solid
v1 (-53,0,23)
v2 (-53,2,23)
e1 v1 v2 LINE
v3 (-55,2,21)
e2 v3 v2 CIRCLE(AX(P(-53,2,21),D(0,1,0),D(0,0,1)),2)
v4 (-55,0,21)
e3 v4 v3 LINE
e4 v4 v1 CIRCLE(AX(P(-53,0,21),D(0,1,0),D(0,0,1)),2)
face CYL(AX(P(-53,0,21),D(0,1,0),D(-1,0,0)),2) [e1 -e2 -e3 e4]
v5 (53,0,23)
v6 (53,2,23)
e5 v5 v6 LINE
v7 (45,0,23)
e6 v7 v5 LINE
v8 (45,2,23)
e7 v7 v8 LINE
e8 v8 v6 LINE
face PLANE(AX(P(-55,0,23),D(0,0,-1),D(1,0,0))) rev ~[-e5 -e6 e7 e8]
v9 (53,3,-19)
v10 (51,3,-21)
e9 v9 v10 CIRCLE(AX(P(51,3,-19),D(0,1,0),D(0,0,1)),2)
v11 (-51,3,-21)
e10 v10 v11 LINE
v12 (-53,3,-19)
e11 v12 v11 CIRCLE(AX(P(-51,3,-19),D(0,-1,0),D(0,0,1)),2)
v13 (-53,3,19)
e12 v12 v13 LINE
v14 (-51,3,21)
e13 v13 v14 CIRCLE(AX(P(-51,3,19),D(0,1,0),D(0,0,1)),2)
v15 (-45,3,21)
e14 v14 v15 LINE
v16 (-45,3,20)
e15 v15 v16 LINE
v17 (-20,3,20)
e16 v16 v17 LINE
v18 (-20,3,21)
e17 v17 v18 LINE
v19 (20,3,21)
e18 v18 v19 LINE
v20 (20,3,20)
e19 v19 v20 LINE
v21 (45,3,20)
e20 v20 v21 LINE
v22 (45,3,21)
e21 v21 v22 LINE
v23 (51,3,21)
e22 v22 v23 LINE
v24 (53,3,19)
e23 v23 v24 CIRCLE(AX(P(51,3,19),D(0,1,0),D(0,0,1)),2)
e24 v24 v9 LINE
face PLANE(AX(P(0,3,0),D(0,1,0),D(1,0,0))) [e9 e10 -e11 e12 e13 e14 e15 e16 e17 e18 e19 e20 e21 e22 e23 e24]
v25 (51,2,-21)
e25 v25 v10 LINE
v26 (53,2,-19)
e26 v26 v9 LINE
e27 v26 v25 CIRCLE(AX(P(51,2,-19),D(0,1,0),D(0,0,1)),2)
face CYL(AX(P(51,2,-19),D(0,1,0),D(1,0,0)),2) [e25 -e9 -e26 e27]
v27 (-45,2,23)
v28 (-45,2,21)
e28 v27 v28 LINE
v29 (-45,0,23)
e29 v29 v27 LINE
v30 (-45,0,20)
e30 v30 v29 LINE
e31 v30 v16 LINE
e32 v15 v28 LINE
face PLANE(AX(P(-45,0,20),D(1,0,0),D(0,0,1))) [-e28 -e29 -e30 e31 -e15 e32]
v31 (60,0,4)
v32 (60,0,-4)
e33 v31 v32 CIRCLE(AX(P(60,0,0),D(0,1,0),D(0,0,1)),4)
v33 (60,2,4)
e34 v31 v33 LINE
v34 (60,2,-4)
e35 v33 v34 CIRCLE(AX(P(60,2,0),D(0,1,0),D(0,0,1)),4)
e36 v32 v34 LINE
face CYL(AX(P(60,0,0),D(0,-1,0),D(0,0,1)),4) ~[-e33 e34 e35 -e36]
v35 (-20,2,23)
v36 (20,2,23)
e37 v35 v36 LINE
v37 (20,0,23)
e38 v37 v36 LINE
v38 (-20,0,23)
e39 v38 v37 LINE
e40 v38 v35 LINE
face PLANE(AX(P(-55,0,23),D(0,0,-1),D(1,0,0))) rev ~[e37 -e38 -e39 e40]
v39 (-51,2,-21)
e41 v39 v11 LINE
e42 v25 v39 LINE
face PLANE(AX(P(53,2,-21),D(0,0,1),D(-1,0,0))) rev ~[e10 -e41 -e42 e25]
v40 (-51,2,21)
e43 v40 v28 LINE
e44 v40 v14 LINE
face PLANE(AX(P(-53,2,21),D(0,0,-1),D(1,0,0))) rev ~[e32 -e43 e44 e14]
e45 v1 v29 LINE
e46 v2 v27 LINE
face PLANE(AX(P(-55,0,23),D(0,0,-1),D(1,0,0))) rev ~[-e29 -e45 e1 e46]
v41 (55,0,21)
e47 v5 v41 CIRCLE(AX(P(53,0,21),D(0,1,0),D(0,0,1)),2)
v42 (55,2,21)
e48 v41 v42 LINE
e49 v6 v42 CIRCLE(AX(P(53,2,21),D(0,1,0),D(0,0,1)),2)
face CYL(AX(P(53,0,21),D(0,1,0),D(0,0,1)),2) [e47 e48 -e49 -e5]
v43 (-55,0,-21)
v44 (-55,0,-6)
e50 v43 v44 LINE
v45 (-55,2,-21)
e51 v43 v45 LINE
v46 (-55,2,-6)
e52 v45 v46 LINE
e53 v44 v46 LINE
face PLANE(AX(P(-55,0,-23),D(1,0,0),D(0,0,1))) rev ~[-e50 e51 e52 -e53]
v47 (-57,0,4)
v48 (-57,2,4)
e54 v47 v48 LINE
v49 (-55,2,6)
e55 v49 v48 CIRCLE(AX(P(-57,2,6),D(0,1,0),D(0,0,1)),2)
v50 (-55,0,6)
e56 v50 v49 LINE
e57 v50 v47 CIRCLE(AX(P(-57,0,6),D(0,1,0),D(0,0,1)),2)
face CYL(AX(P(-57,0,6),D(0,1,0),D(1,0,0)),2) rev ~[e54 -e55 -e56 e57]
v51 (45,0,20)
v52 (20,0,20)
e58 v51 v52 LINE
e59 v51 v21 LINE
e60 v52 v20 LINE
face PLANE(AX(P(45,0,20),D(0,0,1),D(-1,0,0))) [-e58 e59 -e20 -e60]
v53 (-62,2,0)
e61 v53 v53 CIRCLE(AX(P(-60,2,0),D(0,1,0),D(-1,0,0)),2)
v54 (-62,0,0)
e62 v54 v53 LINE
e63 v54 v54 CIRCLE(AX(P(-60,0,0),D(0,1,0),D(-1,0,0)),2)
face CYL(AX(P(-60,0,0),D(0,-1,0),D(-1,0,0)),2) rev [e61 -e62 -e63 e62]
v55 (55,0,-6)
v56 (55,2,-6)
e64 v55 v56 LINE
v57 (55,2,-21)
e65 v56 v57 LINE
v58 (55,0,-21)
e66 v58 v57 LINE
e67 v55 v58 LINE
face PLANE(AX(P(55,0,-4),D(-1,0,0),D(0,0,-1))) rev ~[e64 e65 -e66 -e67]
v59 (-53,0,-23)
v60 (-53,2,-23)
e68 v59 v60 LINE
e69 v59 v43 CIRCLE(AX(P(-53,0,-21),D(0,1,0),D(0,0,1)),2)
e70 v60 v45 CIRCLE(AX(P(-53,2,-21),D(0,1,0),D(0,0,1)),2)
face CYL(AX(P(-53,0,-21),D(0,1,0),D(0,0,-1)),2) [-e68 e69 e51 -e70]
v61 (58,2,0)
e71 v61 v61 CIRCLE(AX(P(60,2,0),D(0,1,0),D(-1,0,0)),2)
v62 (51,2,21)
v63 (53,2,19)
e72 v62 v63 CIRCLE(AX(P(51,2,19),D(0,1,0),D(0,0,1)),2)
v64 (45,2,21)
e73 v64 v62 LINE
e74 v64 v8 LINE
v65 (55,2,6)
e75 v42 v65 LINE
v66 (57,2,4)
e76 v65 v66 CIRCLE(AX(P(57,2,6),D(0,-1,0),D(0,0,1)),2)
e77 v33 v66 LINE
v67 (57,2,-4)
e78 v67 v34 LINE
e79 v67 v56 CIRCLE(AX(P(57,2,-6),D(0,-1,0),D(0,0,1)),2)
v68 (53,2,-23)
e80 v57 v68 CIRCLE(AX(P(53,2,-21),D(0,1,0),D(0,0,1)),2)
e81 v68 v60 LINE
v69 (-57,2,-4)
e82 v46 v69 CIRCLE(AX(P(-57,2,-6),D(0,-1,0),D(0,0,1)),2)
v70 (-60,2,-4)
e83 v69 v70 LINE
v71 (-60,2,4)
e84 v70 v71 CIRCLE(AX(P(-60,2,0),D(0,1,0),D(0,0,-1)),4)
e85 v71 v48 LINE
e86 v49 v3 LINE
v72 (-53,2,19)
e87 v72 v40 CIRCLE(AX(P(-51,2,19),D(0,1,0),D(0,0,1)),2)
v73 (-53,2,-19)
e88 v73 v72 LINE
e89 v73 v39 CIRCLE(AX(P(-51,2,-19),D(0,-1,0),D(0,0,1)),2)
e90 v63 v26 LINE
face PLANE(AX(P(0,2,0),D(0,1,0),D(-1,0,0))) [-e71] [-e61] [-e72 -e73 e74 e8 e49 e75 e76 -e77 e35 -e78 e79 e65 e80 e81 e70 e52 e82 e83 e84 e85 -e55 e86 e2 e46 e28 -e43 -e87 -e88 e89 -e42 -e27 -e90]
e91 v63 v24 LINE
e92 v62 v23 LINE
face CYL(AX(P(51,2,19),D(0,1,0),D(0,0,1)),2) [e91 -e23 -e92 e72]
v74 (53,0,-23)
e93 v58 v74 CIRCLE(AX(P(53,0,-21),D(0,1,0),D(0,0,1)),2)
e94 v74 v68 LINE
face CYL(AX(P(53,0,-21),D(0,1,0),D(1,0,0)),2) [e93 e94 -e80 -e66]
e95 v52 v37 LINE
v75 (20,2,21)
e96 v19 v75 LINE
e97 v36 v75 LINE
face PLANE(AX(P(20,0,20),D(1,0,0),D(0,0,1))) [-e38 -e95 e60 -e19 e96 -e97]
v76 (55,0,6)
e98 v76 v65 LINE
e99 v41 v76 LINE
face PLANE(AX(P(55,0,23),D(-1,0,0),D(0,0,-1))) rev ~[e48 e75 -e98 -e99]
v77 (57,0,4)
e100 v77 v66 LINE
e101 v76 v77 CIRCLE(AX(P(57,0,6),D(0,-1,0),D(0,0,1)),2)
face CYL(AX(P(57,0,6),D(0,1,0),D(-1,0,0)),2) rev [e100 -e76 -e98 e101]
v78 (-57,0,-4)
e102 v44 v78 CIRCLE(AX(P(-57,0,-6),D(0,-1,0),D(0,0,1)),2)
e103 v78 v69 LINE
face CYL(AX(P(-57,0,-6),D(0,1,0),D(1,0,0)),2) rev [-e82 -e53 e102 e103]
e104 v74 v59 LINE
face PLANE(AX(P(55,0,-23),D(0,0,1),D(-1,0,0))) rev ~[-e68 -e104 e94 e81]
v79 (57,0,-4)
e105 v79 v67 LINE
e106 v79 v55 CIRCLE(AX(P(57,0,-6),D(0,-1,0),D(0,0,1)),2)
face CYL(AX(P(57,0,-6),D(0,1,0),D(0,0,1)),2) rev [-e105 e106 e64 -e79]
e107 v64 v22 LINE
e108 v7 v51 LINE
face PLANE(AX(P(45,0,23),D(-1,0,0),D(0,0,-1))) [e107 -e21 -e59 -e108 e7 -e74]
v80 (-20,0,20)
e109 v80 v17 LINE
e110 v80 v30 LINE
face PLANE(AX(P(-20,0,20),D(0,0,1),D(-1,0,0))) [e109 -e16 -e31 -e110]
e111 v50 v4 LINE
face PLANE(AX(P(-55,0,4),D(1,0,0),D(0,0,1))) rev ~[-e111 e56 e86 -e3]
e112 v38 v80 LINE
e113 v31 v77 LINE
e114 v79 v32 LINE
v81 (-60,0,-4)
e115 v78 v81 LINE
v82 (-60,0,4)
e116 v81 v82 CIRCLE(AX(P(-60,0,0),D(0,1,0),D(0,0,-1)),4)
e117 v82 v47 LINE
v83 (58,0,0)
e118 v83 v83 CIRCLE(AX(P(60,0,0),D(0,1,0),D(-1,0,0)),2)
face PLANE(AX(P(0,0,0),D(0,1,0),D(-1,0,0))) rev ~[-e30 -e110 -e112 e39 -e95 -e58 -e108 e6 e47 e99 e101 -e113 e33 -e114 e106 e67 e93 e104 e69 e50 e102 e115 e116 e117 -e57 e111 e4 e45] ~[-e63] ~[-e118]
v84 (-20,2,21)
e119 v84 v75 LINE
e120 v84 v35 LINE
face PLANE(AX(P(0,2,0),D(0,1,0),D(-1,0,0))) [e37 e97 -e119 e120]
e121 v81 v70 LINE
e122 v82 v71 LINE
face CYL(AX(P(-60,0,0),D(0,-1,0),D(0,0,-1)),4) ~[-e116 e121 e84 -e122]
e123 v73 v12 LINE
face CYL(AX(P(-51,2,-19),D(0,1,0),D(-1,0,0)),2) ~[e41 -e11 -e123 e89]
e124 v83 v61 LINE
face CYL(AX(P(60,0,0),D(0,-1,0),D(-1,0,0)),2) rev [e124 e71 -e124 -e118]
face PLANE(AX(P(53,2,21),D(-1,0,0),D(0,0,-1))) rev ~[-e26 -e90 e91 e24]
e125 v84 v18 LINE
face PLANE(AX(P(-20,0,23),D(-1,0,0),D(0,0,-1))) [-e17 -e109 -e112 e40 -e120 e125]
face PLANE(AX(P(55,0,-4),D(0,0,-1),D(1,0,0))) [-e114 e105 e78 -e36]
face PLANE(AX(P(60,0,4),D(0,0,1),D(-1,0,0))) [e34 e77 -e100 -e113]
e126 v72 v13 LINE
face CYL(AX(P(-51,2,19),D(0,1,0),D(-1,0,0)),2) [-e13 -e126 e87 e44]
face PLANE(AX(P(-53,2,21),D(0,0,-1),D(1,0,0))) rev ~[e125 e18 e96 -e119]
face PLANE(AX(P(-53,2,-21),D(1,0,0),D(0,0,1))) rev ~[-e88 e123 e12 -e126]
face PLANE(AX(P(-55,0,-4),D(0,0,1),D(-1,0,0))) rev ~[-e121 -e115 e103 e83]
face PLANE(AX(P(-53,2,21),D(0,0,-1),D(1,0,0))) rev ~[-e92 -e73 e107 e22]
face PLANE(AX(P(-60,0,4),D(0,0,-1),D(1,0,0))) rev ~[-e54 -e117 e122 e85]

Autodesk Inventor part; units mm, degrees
ref_plane "YZ Plane" through (0, 0, 0) normal (1, 0, 0) x (0, 1, 0)
sketch "Sketch1" plane through (0, 0, 0) normal (0, 1, 0) x (-1, 0, 0)
  line L0 (55, 23) -> (-55, 23)
  line L1 (-55, 23) -> (-55, -23)
  line L2 (-55, -23) -> (55, -23)
  line L3 (55, -23) -> (55, 23)
  line L4 (55, 23) -> (-55, -23) construction
  line L5 (-55, 23) -> (55, -23) construction
  circle A0 centre (60, 0) radius 2
  circle A1 centre (-60, 0) radius 2
  arc A2 (60, -4) -> (60, 4) centre (60, 0) ccw
  line L6 (55, -4) -> (60, -4)
  line L7 (60, 4) -> (55, 4)
  line L8 (55, 4) -> (55, -4)
  arc A3 (-60, 4) -> (-60, -4) centre (-60, 0) ccw
  line L9 (-55, -4) -> (-60, -4)
  line L10 (-60, 4) -> (-55, 4)
  line L11 (-55, 4) -> (-55, -4)
  point P0 (0, 0)
  point P1 (55, 0)
  point P2 (-55, 0)
  point P3 (55, 0)
  point P4 (-55, 0)
  dimension "d0" = 110
  dimension "d1" = 46
  dimension "d2" = 4
  dimension "d3" = 5
  dimension "d4" = 4
  dimension "d5" = 5
  dimension "d6" = 8
  dimension "d7" = 5
  dimension "d8" = 4
  dimension "d9" = 8
  dimension "d10" = 5
  dimension "d11" = 4
extrude "Extrusion1" add sketch "Sketch1" along normal blind 2
sketch "Sketch2" plane through (0, 2, 0) normal (0, 1, 0) x (1, 0, 0)
  line L0 (-53, -21) -> (53, -21)
  line L1 (53, -21) -> (53, 21)
  line L2 (53, 21) -> (-53, 21)
  line L3 (-53, 21) -> (-53, -21)
  line L4 (-53, -21) -> (53, 21) construction
  line L5 (53, -21) -> (-53, 21) construction
  point P0 (0, 0)
  dimension "d14" = 106
  dimension "d15" = 42
extrude "Extrusion2" add sketch "Sketch2" along normal blind 1
fillet "Fillet1" radius 2 12 edges at (53, 2.5, 21) (55, 1, 23) (55, 1, 4) (55, 1, -4) (55, 1, -23) (53, 2.5, -21) (-55, 1, -23) (-53, 2.5, -21) (-55, 1, -4) (-55, 1, 4) (-53, 2.5, 21) (-55, 1, 23)
sketch "Sketch3" plane through (0, 0, 0) normal (0, -1, 0) x (1, 0, 0)
  line L0 (-53, 23) -> (53, 23) projected
  line L1 (-45, 23) -> (-20, 23)
  line L2 (-20, 23) -> (-20, 20)
  line L3 (-20, 20) -> (-45, 20)
  line L4 (-45, 20) -> (-45, 23)
  line L5 (20, 23) -> (45, 23)
  line L6 (45, 23) -> (45, 20)
  line L7 (45, 20) -> (20, 20)
  line L8 (20, 20) -> (20, 23)
  line L9 (-55, 6) -> (-55, 21) projected
  line L10 (55, 21) -> (55, 6) projected
  point P0 (0, 0)
  point P1 (-45, 21.5)
  point P2 (45, 21.5)
  dimension "d19" = 25
  dimension "d20" = 3
  dimension "d21" = 25
  dimension "d22" = 3
  dimension "d23" = 10
  dimension "d24" = 10
extrude "Extrusion3" cut sketch "Sketch3" against normal through all
ref_plane "Work Plane1" through (64, 2, 0) normal (0, 0, -1) x (-1, 0, 0)
ref_plane "Work Plane2" through (0, 2, -23) normal (-1, 0, 0) x (0, -1, 0)
properties part number "StereoPiBracketLid"
